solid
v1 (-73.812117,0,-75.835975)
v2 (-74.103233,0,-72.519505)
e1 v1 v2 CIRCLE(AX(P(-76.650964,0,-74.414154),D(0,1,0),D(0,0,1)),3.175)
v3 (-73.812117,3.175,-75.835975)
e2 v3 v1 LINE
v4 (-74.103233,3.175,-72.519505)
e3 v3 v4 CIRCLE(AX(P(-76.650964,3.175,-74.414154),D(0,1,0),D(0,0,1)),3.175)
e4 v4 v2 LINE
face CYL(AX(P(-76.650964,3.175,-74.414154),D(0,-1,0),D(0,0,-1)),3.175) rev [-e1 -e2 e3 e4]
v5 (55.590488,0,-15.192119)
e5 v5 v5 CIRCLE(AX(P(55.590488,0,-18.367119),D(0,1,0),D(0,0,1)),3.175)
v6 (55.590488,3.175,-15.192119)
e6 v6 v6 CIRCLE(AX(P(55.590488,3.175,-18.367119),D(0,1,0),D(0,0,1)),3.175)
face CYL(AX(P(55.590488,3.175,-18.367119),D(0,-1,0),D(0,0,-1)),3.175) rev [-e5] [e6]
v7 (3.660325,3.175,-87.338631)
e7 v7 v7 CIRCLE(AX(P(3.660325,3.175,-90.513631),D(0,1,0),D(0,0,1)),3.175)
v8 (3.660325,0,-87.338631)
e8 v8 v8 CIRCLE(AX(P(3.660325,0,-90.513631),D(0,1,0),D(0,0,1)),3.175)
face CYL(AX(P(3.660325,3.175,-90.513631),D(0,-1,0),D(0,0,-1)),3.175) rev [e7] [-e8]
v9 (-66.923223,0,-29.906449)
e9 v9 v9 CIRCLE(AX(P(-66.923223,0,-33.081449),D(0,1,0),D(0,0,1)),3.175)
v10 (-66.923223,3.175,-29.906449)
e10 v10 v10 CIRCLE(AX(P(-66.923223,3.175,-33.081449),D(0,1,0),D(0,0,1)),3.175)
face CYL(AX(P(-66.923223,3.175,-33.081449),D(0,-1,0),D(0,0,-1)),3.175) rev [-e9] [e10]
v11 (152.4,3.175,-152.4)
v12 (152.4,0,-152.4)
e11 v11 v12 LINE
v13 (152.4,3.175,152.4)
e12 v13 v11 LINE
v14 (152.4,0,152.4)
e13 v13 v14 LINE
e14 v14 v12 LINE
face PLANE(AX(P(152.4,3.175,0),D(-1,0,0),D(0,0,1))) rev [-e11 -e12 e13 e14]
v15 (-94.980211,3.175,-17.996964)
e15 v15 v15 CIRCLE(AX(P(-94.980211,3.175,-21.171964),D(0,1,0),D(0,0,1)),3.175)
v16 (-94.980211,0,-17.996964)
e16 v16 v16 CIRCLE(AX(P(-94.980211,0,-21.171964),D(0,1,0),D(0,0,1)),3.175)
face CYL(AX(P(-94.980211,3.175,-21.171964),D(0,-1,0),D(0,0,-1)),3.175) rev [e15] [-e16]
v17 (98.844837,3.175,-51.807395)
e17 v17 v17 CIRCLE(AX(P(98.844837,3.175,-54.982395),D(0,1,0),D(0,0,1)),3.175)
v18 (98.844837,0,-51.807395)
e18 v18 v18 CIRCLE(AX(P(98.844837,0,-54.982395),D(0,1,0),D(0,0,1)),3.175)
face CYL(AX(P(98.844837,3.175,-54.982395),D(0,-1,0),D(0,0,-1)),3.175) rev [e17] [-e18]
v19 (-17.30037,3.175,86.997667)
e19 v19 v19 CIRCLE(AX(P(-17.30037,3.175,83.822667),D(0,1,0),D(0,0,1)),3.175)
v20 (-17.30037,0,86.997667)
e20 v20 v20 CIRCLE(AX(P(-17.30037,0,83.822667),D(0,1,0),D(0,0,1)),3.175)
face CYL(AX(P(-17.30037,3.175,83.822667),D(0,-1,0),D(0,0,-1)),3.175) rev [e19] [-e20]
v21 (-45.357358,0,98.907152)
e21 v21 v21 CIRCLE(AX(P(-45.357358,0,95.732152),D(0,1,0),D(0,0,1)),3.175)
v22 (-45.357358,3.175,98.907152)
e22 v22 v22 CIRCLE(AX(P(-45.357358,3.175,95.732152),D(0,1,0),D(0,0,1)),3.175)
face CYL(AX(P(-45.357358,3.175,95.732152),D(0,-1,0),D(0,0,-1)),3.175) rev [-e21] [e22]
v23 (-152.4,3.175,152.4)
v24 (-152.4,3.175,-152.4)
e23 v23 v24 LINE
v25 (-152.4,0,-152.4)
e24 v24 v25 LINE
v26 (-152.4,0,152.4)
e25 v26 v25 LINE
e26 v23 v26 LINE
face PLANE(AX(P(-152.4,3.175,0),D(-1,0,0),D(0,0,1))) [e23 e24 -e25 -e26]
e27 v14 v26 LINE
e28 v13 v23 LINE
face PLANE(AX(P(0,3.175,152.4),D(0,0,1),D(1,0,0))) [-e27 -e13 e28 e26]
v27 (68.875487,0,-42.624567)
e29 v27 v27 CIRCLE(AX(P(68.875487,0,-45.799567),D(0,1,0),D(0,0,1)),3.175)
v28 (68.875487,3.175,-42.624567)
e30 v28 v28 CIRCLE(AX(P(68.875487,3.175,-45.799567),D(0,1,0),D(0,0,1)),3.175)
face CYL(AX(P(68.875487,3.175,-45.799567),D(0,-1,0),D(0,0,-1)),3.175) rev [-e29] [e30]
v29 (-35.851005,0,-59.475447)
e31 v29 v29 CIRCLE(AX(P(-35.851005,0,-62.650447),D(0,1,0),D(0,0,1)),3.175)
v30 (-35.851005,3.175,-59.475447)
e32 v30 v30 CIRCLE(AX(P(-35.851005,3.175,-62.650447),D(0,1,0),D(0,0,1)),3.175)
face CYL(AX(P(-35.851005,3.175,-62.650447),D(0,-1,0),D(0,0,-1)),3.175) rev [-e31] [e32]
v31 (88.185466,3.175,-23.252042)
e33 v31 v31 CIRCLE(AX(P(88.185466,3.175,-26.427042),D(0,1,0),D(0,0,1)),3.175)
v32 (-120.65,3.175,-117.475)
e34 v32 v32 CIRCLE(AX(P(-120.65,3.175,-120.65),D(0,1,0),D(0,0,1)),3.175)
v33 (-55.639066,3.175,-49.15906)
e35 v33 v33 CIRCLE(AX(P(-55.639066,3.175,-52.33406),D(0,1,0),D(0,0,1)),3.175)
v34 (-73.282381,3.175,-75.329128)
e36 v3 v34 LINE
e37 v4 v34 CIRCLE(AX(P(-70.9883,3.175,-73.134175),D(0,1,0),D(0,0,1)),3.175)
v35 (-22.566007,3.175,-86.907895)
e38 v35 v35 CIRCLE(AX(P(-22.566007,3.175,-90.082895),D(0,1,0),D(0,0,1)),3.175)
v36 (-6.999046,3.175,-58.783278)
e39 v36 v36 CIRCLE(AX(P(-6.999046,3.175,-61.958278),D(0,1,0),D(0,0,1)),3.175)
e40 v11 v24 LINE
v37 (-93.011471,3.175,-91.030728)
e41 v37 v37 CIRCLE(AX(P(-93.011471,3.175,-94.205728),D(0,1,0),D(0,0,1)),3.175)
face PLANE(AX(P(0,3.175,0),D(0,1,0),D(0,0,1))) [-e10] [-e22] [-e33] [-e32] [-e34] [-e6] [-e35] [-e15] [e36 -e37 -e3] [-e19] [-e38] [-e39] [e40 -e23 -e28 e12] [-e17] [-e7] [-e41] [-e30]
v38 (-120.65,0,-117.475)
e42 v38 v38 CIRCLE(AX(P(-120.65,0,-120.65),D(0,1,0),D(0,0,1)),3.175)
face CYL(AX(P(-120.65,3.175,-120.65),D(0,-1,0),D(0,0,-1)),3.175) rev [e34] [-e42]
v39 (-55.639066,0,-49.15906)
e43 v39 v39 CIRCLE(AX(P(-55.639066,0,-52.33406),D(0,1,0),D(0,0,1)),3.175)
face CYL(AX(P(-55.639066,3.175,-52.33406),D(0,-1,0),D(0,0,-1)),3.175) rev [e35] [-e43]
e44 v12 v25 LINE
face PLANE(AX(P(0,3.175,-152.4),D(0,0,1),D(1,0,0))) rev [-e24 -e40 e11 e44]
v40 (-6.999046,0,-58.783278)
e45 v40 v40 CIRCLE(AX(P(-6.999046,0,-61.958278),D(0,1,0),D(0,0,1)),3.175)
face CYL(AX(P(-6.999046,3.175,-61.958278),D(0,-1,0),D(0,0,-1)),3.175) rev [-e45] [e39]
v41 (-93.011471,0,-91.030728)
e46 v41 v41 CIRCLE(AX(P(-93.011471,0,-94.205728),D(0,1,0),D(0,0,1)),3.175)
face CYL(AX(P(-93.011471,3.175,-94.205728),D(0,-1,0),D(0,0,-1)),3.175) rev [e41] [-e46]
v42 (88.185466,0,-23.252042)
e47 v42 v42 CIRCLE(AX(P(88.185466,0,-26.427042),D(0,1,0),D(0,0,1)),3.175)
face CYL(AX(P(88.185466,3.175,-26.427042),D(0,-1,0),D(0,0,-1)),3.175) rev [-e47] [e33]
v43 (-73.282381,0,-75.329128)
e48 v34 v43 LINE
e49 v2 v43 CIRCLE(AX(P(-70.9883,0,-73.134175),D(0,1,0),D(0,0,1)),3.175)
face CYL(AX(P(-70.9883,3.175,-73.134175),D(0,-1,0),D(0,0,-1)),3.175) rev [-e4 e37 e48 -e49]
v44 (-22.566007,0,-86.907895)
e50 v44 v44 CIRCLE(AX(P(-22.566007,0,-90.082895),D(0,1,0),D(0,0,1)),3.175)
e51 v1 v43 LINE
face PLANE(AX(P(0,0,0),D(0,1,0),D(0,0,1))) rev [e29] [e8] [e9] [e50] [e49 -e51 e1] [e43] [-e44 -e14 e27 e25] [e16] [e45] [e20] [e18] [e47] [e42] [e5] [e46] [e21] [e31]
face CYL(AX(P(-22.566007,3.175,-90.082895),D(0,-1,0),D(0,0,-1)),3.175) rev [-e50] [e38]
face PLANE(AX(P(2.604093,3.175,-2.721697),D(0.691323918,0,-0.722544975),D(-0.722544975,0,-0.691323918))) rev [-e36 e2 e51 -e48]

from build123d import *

# Parameters (mm, degrees)
SKETCH1_W           = 304.8
SKETCH1_H           = 304.8
SKETCH1_R           = 3.175
BOSS_EXTRUDE1_DEPTH = 3.175


with BuildPart() as part:
    # Sketch1 → Boss-Extrude1 (new body)
    with BuildSketch(Plane(origin=(0, 0, 0), x_dir=(1, 0, 0), z_dir=(0, 1, 0))):
        Rectangle(SKETCH1_W, SKETCH1_H)
        with Locations(Location((-45.357357994, -95.732151897, 0), (0, 0, 270))):
            Circle(SKETCH1_R, mode=Mode.SUBTRACT)
        with Locations(Location((-17.300370061, -83.822667101, 0), (0, 0, 270))):
            Circle(SKETCH1_R, mode=Mode.SUBTRACT)
        with Locations(Location((-94.980211312, 21.171964491, 0), (0, 0, 270))):
            Circle(SKETCH1_R, mode=Mode.SUBTRACT)
        with Locations(Location((-66.923223379, 33.081449287, 0), (0, 0, 270))):
            Circle(SKETCH1_R, mode=Mode.SUBTRACT)
        with BuildLine():
            ThreePointArc((-52.46406636, 52.33405969), (-56.890341235, 49.416023332), (-57.82780569, 54.634069505))
            ThreePointArc((-57.82780569, 54.634069505), (-54.387791485, 55.252096048), (-52.46406636, 52.33405969))
        make_face(mode=Mode.SUBTRACT)
        with BuildLine():
            ThreePointArc((-74.462224597, 72.114144094), (-79.780075115, 73.876298752), (-75.355842336, 77.31299593))
            ThreePointArc((-75.355842336, 77.31299593), (-74.456010488, 76.708234204), (-73.812117445, 75.835975154))
            Line((-73.812117445, 75.835975154), (-73.282380635, 75.32912819))
            ThreePointArc((-73.282380635, 75.32912819), (-69.805735318, 76.080726121), (-67.81330034, 73.134174752))
            ThreePointArc((-67.81330034, 73.134174752), (-70.679501662, 69.974227224), (-74.103233175, 72.519505386))
            ThreePointArc((-74.103233175, 72.519505386), (-74.274071701, 72.309157863), (-74.462224597, 72.114144094))
        make_face(mode=Mode.SUBTRACT)
        with Locations(Location((-35.851005438, 62.650447232, 0), (0, 0, 270))):
            Circle(SKETCH1_R, mode=Mode.SUBTRACT)
        with Locations(Location((-6.999045964, 61.958277868, 0), (0, 0, 270))):
            Circle(SKETCH1_R, mode=Mode.SUBTRACT)
        with BuildLine():
            ThreePointArc((-89.836471178, 94.205727762), (-90.064919809, 93.02316274), (-90.717390882, 92.010774323))
            ThreePointArc((-90.717390882, 92.010774323), (-95.958022547, 95.388292783), (-89.836471178, 94.205727762))
        make_face(mode=Mode.SUBTRACT)
        with Locations(Location((-120.65, 120.65, 0), (0, 0, 270))):
            Circle(SKETCH1_R, mode=Mode.SUBTRACT)
        with Locations(Location((-22.566006832, 90.082895392, 0), (0, 0, 270))):
            Circle(SKETCH1_R, mode=Mode.SUBTRACT)
        with Locations(Location((55.590488427, 18.367118544, 0), (0, 0, 270))):
            Circle(SKETCH1_R, mode=Mode.SUBTRACT)
        with Locations(Location((68.875487034, 45.799566703, 0), (0, 0, 270))):
            Circle(SKETCH1_R, mode=Mode.SUBTRACT)
        with Locations(Location((88.185465622, 26.427041553, 0), (0, 0, 270))):
            Circle(SKETCH1_R, mode=Mode.SUBTRACT)
        with Locations(Location((98.844836516, 54.982395029, 0), (0, 0, 270))):
            Circle(SKETCH1_R, mode=Mode.SUBTRACT)
        with Locations(Location((3.66032493, 90.513631344, 0), (0, 0, 270))):
            Circle(SKETCH1_R, mode=Mode.SUBTRACT)
    extrude(amount=BOSS_EXTRUDE1_DEPTH)


solid = part.part
